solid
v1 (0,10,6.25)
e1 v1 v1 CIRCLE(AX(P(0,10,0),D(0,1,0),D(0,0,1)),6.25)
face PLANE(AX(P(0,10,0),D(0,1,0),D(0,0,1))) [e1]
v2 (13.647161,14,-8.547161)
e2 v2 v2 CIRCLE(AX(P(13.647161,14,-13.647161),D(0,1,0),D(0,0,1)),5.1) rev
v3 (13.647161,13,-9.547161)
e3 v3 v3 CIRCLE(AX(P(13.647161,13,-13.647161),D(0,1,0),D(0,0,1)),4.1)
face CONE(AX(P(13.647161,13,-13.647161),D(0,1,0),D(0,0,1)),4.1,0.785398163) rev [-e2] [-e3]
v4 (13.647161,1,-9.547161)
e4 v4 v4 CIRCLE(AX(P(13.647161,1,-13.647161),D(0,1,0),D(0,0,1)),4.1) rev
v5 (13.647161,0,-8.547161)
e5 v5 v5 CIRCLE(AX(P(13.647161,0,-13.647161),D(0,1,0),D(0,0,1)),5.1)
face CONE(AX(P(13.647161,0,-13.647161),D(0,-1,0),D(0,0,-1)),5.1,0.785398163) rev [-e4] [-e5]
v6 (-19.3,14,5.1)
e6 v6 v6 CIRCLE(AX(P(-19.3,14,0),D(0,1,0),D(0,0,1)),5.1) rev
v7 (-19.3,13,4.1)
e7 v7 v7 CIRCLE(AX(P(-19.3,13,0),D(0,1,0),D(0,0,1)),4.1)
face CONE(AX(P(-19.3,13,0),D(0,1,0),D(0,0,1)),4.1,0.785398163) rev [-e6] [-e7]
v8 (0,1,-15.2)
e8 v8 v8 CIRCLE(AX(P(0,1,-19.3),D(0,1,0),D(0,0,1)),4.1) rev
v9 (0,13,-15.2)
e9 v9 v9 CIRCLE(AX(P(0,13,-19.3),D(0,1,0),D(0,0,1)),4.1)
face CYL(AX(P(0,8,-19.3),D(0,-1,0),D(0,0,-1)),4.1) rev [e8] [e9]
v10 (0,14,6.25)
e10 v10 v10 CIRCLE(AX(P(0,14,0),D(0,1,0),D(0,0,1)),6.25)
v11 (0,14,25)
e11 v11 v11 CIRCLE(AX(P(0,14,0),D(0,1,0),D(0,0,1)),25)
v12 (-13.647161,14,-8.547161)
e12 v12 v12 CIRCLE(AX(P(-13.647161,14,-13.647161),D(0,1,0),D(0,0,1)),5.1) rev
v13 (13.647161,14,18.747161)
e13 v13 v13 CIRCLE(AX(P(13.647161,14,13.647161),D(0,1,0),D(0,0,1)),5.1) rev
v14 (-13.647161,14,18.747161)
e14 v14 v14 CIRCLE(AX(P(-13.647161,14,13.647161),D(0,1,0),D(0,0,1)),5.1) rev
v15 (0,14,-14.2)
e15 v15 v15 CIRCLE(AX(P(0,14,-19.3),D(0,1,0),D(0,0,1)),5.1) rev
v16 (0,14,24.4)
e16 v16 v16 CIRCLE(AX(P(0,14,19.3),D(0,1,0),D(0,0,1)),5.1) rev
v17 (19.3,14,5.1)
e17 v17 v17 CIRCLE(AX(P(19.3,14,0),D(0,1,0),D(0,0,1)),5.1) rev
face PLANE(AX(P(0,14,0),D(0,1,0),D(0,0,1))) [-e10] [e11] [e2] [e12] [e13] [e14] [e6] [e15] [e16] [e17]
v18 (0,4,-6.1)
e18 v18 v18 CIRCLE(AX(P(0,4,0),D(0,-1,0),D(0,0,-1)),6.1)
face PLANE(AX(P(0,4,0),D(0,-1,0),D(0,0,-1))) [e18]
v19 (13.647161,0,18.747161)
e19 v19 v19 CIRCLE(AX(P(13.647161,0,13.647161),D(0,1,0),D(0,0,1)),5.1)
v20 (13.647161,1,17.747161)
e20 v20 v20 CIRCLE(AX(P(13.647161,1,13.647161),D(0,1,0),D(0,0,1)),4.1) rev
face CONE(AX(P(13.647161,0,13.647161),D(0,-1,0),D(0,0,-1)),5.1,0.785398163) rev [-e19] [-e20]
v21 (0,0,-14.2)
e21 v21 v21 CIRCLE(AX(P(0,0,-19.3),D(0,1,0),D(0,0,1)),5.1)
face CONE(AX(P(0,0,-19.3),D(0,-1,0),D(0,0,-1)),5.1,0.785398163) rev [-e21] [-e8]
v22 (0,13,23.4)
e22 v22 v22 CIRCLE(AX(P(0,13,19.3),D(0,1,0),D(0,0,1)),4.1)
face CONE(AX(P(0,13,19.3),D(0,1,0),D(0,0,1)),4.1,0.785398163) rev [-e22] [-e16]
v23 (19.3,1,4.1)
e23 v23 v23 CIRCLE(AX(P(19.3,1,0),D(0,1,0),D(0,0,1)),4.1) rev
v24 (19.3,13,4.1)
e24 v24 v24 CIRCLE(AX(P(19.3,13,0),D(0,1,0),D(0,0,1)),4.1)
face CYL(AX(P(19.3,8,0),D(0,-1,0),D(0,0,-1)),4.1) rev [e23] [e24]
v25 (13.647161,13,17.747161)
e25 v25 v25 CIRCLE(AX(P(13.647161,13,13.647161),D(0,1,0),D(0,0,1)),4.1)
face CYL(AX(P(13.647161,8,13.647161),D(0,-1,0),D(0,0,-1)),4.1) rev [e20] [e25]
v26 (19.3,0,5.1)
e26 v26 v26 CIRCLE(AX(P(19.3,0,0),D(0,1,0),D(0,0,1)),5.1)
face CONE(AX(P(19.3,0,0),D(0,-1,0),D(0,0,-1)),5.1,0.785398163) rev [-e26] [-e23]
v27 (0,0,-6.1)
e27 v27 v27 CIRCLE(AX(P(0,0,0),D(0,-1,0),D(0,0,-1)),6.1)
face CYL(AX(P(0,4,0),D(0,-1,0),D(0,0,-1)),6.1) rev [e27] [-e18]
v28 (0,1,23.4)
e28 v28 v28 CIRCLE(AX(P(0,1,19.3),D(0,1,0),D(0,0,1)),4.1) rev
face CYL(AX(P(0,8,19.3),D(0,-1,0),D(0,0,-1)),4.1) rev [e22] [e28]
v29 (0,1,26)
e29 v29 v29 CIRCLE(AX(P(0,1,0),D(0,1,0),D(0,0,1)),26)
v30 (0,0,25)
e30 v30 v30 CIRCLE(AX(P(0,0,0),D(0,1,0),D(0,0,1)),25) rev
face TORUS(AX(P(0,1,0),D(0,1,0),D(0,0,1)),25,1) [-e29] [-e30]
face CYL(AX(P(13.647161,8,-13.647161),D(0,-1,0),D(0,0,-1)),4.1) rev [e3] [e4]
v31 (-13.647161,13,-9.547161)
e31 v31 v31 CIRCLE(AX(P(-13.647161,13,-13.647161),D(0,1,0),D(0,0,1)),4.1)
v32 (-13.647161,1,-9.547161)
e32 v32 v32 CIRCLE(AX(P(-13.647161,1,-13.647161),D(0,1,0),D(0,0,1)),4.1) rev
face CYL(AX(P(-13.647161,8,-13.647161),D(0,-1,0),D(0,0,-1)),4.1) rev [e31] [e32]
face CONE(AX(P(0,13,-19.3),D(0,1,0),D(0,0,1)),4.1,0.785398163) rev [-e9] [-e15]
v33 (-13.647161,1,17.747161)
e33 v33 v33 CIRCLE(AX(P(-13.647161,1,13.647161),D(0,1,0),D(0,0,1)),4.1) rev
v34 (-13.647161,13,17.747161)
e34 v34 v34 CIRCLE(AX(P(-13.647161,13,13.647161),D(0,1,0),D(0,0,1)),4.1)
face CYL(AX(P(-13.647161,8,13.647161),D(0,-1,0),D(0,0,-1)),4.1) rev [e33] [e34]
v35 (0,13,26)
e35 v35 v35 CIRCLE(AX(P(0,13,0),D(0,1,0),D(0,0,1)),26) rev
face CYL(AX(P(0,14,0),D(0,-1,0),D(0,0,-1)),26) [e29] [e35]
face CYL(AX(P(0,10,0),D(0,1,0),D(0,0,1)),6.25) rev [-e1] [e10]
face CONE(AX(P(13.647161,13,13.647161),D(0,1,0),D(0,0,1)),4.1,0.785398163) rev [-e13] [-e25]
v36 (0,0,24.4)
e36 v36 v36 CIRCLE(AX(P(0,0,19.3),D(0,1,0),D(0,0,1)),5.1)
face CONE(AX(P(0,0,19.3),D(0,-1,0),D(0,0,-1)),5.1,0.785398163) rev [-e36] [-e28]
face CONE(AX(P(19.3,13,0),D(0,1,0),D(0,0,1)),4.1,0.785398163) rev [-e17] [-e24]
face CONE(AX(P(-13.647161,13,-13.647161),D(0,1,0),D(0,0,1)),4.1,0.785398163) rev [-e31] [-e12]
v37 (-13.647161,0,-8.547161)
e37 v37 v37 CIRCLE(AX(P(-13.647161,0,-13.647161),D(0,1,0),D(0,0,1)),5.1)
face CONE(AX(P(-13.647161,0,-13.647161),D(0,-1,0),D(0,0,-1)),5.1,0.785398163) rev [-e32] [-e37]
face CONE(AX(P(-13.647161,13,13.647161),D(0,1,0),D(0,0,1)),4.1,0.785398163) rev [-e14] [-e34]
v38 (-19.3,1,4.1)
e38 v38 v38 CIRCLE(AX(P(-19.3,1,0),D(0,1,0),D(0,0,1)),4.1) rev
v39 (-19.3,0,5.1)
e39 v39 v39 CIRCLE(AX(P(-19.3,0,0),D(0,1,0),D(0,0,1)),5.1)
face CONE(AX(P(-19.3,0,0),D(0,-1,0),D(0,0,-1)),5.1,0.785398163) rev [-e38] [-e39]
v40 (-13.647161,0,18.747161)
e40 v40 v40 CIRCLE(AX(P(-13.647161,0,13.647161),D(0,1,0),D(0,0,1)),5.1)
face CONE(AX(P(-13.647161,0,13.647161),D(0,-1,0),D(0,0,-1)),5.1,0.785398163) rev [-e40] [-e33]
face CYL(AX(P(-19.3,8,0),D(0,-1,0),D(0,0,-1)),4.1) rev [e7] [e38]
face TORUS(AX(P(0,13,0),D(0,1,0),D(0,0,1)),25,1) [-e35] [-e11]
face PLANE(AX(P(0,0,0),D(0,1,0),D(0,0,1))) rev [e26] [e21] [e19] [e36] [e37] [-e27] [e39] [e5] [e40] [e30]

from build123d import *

# Parameters (mm, degrees)
SKETCH1_R           = 26
BOSS_EXTRUDE1_DEPTH = 14
SKETCH2_R           = 6.1
CUT_EXTRUDE2_DEPTH  = 4
CUT_EXTRUDE5_START  = 14
SKETCH1_9_R         = 6.25
CUT_EXTRUDE5_DEPTH  = 4
SKETCH1_13_R        = 4.1
CUT_EXTRUDE6_DEPTH  = 8
CUT_EXTRUDE7_START  = 14
SKETCH1_15_R        = 4.1
CUT_EXTRUDE7_DEPTH  = 15
FILLET3_R           = 1
CHAMFER1_SIZE       = 1


with BuildPart() as part:
    # Sketch1 → Boss-Extrude1 (new body)
    with BuildSketch(Plane(origin=(0, 0, 0), x_dir=(1, 0, 0), z_dir=(0, 1, 0))):
        Circle(SKETCH1_R)
    extrude(amount=BOSS_EXTRUDE1_DEPTH)

    # Sketch2 → Cut-Extrude2 (cut)
    with BuildSketch(Plane.XZ):
        Circle(SKETCH2_R)
    extrude(amount=-CUT_EXTRUDE2_DEPTH, mode=Mode.SUBTRACT)

    # Sketch1<9> → Cut-Extrude5 (cut)
    with BuildSketch(Plane(origin=(0, 0, 0), x_dir=(1, 0, 0), z_dir=(0, 1, 0)).offset(CUT_EXTRUDE5_START)):
        Circle(SKETCH1_9_R)
    extrude(amount=-CUT_EXTRUDE5_DEPTH, mode=Mode.SUBTRACT)

    # Sketch1<13> → Cut-Extrude6 (cut)
    with BuildSketch(Plane(origin=(0, 0, 0), x_dir=(1, 0, 0), z_dir=(0, 1, 0))):
        with Locations((-13.647160877, 13.647160877)):
            Circle(SKETCH1_13_R)
        with Locations((0, 19.3)):
            Circle(SKETCH1_13_R)
        with Locations((13.647160877, 13.647160877)):
            Circle(SKETCH1_13_R)
        with Locations((19.3, 0)):
            Circle(SKETCH1_13_R)
        with Locations((13.647160877, -13.647160877)):
            Circle(SKETCH1_13_R)
        with Locations((0, -19.3)):
            Circle(SKETCH1_13_R)
        with Locations((-13.647160877, -13.647160877)):
            Circle(SKETCH1_13_R)
        with Locations((-19.3, 0)):
            Circle(SKETCH1_13_R)
    extrude(amount=CUT_EXTRUDE6_DEPTH, mode=Mode.SUBTRACT)

    # Sketch1<15> → Cut-Extrude7 (cut, through all)
    with BuildSketch(Plane(origin=(0, 0, 0), x_dir=(1, 0, 0), z_dir=(0, 1, 0)).offset(CUT_EXTRUDE7_START)):
        with Locations((-13.647160877, 13.647160877)):
            Circle(SKETCH1_15_R)
        with Locations((0, 19.3)):
            Circle(SKETCH1_15_R)
        with Locations((13.647160877, 13.647160877)):
            Circle(SKETCH1_15_R)
        with Locations((19.3, 0)):
            Circle(SKETCH1_15_R)
        with Locations((13.647160877, -13.647160877)):
            Circle(SKETCH1_15_R)
        with Locations((0, -19.3)):
            Circle(SKETCH1_15_R)
        with Locations((-13.647160877, -13.647160877)):
            Circle(SKETCH1_15_R)
        with Locations((-19.3, 0)):
            Circle(SKETCH1_15_R)
    extrude(amount=-CUT_EXTRUDE7_DEPTH, mode=Mode.SUBTRACT)

    # Fillet3
    fillet3_edges = [part.edges().sort_by_distance(p)[0] for p in [
        (-26, 0, 0),
        (-26, 14, 0),
    ]]
    fillet(fillet3_edges, radius=FILLET3_R)

    # Chamfer1
    chamfer1_edges = [part.edges().sort_by_distance(p)[0] for p in [
        (-17.747160877, 0, 13.647160877),
        (-23.4, 0, 0),
        (-17.747160877, 0, -13.647160877),
        (-4.1, 0, -19.3),
        (9.547160877, 0, -13.647160877),
        (15.2, 0, 0),
        (9.547160877, 0, 13.647160877),
        (-4.1, 0, 19.3),
        (-17.747160877, 14, 13.647160877),
        (-23.4, 14, 0),
        (-17.747160877, 14, -13.647160877),
        (-4.1, 14, -19.3),
        (-4.1, 14, 19.3),
        (9.547160877, 14, 13.647160877),
        (15.2, 14, 0),
        (9.547160877, 14, -13.647160877),
    ]]
    chamfer(chamfer1_edges, length=CHAMFER1_SIZE)


solid = part.part
